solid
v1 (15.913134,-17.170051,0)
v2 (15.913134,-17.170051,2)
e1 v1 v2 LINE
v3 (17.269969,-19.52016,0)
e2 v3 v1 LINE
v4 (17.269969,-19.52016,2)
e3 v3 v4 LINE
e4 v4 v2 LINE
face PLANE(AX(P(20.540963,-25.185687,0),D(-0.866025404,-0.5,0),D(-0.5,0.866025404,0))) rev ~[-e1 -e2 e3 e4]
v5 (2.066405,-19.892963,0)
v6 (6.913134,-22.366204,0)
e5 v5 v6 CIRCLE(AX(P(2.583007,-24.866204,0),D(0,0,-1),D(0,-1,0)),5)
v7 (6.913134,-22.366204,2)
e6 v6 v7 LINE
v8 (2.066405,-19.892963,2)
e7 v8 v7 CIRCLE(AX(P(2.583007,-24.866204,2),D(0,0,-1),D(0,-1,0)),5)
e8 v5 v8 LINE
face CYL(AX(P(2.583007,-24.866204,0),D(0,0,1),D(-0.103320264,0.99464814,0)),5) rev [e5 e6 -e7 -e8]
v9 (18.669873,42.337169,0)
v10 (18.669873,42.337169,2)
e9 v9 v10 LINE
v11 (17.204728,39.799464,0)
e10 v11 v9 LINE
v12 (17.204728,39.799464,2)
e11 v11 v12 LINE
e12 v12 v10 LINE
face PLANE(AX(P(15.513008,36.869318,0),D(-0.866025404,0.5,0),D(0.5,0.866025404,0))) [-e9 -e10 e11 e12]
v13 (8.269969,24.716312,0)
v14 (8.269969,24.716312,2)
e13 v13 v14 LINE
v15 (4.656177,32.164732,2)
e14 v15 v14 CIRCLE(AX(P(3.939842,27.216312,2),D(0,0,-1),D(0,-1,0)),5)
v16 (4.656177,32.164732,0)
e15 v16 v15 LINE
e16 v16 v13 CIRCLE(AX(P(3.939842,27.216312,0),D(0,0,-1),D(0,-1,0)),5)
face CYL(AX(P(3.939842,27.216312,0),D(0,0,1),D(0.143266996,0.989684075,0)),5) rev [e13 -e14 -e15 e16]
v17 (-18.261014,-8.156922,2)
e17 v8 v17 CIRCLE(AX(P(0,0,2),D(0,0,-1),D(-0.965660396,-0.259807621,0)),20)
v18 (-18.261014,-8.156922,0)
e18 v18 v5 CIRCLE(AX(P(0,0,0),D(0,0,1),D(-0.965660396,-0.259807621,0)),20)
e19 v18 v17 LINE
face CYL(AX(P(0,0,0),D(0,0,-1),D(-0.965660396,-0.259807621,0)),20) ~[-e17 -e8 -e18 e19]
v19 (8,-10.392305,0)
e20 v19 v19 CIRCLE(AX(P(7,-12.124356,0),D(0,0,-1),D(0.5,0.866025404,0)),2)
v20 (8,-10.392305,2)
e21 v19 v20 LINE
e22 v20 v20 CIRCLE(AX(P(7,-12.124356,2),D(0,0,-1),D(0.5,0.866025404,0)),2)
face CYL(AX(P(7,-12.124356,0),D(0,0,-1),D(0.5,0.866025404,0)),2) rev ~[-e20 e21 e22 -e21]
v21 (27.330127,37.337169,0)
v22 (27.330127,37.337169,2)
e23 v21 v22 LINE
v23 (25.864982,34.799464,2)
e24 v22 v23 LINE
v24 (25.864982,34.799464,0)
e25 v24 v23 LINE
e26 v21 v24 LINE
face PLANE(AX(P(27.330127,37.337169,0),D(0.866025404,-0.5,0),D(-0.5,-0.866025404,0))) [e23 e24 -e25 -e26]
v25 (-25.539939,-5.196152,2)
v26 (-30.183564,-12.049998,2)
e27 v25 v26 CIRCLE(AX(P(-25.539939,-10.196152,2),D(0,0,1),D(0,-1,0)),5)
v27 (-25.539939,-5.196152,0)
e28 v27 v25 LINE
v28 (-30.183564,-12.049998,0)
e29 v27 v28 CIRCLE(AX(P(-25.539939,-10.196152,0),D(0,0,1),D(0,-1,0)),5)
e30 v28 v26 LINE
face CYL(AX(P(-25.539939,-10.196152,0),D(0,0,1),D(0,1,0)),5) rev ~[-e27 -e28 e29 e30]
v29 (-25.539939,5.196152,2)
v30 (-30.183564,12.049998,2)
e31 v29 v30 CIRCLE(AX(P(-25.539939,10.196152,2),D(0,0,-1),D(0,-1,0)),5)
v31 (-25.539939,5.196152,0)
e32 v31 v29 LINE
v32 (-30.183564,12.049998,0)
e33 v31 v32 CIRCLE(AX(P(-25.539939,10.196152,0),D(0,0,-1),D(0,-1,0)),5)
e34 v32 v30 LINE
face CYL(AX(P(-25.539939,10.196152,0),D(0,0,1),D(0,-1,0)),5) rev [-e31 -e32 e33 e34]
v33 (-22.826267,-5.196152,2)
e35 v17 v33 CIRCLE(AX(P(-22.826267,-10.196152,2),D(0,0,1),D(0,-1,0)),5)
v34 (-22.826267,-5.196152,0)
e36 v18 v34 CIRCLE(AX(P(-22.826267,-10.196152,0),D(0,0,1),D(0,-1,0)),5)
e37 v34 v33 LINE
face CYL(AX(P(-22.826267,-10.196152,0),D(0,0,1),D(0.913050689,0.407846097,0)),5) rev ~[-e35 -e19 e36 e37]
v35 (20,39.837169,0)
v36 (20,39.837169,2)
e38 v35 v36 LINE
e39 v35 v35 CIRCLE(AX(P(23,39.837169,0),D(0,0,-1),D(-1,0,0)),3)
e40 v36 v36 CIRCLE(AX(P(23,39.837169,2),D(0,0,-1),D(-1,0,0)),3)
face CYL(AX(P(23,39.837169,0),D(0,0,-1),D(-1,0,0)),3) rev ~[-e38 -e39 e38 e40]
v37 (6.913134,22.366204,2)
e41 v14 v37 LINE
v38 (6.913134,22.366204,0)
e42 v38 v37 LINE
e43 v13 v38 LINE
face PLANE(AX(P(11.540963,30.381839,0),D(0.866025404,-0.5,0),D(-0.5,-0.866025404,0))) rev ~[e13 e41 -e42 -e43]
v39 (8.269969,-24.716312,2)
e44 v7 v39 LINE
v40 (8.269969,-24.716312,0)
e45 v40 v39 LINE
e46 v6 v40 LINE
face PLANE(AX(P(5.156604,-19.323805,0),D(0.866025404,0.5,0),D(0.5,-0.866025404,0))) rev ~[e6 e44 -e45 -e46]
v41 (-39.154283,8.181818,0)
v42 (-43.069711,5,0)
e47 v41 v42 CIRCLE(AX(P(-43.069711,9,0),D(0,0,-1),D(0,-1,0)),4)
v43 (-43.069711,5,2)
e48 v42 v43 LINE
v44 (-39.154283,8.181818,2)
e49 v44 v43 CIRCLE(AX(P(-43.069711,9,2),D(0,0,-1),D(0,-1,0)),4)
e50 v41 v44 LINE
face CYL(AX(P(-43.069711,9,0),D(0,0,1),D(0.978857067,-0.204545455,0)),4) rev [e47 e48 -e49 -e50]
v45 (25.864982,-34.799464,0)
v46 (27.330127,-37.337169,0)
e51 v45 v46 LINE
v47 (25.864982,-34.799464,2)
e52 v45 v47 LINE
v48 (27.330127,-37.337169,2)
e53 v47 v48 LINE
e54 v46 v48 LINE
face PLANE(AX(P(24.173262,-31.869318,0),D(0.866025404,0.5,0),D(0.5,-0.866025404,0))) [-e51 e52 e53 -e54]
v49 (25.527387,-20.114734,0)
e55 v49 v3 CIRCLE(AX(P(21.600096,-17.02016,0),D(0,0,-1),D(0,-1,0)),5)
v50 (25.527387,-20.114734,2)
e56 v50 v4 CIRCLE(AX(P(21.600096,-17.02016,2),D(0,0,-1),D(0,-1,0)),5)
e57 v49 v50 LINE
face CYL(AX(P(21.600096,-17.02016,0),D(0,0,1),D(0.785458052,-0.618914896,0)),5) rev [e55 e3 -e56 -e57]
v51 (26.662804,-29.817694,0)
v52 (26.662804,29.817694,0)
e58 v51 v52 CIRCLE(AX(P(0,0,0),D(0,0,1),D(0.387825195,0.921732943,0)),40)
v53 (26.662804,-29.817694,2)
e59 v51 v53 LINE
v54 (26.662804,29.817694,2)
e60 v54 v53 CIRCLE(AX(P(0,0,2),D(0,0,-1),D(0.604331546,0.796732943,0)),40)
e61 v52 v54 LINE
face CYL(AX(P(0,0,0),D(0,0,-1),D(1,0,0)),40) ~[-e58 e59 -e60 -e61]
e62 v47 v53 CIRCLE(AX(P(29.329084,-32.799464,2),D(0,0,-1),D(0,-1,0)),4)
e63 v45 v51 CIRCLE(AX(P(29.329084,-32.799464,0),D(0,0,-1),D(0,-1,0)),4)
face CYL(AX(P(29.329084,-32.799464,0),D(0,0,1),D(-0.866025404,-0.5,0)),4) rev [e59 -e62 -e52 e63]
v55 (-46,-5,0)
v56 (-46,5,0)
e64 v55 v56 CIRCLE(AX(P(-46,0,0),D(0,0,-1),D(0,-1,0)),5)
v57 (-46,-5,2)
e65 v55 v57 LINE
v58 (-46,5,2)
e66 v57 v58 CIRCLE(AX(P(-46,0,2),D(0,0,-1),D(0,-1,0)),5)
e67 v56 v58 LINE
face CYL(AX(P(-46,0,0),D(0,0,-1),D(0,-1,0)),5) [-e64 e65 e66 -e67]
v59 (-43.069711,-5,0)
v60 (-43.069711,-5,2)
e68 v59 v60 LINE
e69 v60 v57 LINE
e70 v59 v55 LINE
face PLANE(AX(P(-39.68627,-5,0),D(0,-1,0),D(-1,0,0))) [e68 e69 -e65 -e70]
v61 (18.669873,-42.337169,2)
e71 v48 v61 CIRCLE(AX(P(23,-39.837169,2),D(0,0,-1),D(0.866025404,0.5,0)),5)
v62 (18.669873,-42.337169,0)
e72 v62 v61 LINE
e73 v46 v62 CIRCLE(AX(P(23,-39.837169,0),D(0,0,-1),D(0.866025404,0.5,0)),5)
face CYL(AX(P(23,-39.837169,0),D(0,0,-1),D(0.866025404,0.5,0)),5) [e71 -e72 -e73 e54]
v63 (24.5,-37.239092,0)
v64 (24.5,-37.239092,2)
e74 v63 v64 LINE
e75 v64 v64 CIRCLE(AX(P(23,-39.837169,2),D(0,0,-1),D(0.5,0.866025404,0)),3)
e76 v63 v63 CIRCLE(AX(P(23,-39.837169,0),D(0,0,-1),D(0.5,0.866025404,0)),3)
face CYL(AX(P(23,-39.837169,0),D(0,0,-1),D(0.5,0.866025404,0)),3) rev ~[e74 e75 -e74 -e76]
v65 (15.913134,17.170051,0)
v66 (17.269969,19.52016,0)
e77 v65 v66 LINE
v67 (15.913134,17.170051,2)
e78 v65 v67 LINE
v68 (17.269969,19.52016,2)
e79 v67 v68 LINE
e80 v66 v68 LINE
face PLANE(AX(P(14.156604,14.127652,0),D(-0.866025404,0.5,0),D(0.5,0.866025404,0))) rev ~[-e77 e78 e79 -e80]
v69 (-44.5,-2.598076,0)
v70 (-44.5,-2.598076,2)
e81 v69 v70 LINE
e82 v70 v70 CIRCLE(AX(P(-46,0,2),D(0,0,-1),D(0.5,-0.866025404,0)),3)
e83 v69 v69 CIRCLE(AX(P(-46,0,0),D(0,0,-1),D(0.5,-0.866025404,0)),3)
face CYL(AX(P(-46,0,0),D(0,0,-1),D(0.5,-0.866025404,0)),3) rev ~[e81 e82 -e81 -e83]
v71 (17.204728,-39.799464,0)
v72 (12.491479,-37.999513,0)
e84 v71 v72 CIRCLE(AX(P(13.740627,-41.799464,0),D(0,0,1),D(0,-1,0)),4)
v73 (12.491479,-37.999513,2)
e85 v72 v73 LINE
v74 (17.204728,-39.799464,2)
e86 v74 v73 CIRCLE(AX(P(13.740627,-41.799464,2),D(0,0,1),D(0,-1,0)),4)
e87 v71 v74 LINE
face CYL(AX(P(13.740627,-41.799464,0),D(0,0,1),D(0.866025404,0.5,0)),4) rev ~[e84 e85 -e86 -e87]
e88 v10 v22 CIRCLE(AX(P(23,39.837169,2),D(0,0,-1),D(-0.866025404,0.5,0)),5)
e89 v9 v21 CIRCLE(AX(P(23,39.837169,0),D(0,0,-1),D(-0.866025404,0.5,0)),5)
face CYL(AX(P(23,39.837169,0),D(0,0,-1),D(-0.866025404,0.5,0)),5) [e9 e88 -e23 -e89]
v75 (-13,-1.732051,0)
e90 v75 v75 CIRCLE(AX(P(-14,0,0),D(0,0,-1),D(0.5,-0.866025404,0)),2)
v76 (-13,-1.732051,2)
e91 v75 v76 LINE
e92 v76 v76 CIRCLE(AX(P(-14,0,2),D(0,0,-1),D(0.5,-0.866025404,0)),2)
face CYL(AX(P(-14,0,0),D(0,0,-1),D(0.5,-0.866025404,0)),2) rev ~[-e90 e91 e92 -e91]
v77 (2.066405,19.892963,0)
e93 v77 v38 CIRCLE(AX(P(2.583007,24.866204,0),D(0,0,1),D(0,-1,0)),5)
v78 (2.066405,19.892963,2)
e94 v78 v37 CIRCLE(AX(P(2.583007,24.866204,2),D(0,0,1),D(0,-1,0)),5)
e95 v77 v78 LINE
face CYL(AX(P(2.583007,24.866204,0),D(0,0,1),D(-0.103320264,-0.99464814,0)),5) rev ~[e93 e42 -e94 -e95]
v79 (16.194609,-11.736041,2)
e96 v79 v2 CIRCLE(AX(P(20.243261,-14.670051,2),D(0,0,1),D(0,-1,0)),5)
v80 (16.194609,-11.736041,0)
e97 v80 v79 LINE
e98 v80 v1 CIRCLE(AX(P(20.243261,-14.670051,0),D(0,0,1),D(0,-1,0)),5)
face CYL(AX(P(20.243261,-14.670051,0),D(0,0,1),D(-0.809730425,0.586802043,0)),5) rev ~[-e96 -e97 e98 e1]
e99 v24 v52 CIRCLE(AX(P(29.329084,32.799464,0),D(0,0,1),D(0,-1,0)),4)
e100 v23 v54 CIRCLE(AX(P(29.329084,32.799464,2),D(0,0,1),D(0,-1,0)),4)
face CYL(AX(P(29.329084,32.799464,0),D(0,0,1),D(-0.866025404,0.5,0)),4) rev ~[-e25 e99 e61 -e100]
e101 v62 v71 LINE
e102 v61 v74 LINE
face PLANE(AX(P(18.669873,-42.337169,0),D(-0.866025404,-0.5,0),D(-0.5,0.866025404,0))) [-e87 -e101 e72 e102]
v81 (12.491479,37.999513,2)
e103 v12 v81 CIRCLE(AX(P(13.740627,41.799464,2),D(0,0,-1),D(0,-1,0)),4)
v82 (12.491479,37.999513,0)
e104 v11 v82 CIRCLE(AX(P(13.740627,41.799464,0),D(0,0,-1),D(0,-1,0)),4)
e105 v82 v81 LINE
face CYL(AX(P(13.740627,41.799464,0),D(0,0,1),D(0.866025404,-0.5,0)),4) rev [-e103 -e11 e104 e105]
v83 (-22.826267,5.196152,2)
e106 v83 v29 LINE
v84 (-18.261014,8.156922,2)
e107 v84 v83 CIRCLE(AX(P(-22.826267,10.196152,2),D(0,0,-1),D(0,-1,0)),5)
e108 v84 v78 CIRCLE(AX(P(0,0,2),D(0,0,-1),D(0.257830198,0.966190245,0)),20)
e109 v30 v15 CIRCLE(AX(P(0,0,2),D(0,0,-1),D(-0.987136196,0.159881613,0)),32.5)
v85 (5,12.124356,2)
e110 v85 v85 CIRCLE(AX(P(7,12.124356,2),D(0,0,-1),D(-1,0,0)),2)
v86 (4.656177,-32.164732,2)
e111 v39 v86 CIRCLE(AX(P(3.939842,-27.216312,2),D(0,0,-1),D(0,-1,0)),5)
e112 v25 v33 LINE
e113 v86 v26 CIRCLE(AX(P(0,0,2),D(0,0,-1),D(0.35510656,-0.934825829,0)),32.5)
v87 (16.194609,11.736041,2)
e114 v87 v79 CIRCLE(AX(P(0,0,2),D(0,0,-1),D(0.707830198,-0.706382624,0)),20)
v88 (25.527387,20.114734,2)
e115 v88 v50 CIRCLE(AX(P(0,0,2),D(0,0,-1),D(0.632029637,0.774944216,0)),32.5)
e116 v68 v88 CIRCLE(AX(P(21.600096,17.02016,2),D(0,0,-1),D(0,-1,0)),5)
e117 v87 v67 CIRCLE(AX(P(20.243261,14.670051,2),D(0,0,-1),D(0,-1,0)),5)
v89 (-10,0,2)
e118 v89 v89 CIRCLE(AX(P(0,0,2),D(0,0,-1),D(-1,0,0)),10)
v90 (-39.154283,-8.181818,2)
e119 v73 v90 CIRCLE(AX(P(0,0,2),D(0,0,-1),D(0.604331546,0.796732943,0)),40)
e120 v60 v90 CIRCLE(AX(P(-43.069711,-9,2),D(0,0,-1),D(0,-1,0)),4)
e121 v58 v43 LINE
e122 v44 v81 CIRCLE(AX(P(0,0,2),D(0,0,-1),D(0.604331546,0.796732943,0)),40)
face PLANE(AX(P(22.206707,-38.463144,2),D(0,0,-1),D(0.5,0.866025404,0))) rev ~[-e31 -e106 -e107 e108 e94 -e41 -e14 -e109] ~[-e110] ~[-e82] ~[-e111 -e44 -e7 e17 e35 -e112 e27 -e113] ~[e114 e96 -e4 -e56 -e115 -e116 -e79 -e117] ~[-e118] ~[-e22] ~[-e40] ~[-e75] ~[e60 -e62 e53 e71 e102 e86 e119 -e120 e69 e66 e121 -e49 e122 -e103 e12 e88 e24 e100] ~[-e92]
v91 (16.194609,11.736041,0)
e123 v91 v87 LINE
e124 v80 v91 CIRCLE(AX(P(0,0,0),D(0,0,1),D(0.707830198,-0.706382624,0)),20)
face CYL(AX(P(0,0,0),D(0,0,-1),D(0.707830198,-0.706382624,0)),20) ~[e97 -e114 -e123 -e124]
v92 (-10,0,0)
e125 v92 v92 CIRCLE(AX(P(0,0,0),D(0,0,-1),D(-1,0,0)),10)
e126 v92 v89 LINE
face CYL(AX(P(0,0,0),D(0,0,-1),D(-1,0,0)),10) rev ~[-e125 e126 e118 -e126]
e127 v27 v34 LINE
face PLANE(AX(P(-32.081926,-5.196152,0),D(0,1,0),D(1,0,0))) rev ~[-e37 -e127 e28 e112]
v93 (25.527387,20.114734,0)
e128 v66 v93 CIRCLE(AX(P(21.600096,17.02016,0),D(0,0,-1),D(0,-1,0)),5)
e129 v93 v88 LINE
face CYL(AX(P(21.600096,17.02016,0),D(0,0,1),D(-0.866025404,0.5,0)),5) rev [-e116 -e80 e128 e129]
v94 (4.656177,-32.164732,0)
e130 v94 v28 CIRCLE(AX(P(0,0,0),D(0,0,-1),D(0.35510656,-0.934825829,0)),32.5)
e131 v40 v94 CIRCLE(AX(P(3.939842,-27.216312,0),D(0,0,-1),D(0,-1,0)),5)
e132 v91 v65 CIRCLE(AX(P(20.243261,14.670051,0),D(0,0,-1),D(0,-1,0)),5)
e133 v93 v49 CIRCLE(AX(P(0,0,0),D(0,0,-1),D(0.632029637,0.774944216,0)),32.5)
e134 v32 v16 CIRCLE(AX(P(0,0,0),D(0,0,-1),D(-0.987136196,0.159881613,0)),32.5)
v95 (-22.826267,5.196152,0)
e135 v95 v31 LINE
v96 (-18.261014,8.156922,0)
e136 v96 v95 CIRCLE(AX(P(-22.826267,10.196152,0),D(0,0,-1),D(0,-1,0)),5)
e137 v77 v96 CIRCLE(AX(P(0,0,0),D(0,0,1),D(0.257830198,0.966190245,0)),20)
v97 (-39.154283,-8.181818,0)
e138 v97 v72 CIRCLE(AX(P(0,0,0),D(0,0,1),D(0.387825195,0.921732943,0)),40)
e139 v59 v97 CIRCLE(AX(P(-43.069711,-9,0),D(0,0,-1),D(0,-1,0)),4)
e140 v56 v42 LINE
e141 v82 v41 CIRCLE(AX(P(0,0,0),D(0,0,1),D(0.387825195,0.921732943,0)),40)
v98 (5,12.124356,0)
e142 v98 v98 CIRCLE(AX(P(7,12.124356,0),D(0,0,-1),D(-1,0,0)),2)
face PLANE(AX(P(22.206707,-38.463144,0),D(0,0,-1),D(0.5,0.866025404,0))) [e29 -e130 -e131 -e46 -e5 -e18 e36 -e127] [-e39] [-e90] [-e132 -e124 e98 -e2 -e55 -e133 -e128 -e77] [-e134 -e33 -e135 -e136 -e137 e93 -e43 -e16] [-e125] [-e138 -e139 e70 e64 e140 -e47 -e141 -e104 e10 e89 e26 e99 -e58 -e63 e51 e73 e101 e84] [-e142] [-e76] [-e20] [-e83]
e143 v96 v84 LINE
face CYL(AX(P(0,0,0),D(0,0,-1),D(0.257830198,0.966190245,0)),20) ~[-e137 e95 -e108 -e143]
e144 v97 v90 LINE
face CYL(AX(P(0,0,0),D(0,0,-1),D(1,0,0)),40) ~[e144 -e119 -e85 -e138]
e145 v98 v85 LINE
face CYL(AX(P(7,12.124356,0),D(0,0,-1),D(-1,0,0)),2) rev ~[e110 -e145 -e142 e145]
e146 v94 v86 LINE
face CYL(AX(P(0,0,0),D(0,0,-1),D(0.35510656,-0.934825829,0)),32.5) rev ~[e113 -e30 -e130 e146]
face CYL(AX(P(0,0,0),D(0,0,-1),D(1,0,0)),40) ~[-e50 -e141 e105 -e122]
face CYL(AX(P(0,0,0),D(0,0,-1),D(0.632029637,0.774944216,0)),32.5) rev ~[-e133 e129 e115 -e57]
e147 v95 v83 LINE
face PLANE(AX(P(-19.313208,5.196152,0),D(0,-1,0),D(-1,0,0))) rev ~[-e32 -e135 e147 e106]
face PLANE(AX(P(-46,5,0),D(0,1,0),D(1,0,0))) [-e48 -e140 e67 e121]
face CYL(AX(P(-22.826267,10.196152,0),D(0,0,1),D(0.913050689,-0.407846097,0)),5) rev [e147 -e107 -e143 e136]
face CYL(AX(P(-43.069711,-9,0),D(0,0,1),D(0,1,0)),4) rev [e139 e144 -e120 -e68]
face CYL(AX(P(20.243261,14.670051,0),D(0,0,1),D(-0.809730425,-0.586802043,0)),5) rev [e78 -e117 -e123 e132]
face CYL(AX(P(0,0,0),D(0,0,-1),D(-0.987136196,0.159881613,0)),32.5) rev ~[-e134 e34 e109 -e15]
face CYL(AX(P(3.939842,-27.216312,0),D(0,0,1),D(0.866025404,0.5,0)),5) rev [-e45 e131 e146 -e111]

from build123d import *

# Parameters (mm, degrees)
SKETCH1_R                = 40
BOSS_EXTRUDE1_DEPTH      = 2
SKETCH4_R                = 3
BOSS_EXTRUDE3_DEPTH      = 2
FILLET2_R                = 4
CIRPATTERN2_COUNT        = 3
FILLET2_OF_CIRPATTERN2_R = 4
SKETCH5_R                = 10
CUT_EXTRUDE1_DEPTH       = 8
SKETCH6_R                = 2
CUT_EXTRUDE2_DEPTH       = 8
CIRPATTERN3_COUNT        = 3
CUT_EXTRUDE3_DEPTH       = 15
FILLET3_R                = 5
CIRPATTERN4_COUNT        = 3
FILLET3_OF_CIRPATTERN4_R = 5


with BuildPart() as part:
    # Sketch1 → Boss-Extrude1 (new body)
    with BuildSketch(Plane.XY):
        Circle(SKETCH1_R)
    extrude(amount=BOSS_EXTRUDE1_DEPTH)

    # Sketch4 → Boss-Extrude3 (add)
    with BuildSketch(Plane(origin=(0, 0, 0), x_dir=(-1, 0, 0), z_dir=(0, 0, -1))):
        with BuildLine():
            Line((-15.513007814, 36.869317712), (-18.669872981, 42.337168574))
            ThreePointArc((-18.669872981, 42.337168574), (-25.5, 44.167295593), (-27.330127019, 37.337168574))
            Line((-27.330127019, 37.337168574), (-24.173261852, 31.869317712))
            ThreePointArc((-24.173261852, 31.869317712), (-20, 34.641016151), (-15.513007814, 36.869317712))
        make_face()
        with Locations((-23, 39.837168574)):
            Circle(SKETCH4_R, mode=Mode.SUBTRACT)
    boss_extrude3 = extrude(amount=-BOSS_EXTRUDE3_DEPTH)

    # Fillet2
    fillet2_edges = [part.edges().sort_by_distance(p)[0] for p in [
        (24.173261852, 31.869317712, 1),
        (15.513007814, 36.869317712, 1),
    ]]
    fillet(fillet2_edges, radius=FILLET2_R)

    # CirPattern2: Boss-Extrude3 ×3 about axis
    cirpattern2_axis = Axis((0, 0, 2), (0, 0, -1))
    for i in range(1, CIRPATTERN2_COUNT):
        add(boss_extrude3.rotate(cirpattern2_axis, i * 360 / CIRPATTERN2_COUNT))

    # Fillet2 of CirPattern2
    fillet2_of_cirpattern2_edges = [part.edges().sort_by_distance(p)[0] for p in [
        (15.513007814, -36.869317712, 1),
        (24.173261852, -31.869317712, 1),
        (-39.686269666, 5, 1),
        (-39.686269666, -5, 1),
    ]]
    fillet(fillet2_of_cirpattern2_edges, radius=FILLET2_OF_CIRPATTERN2_R)

    # Sketch5 → Cut-Extrude1 (cut)
    with BuildSketch(Plane(origin=(0, 0, 0), x_dir=(-1, 0, 0), z_dir=(0, 0, -1))):
        Circle(SKETCH5_R)
    extrude(amount=-CUT_EXTRUDE1_DEPTH, mode=Mode.SUBTRACT)

    # Sketch6 → Cut-Extrude2 (cut)
    with BuildSketch(Plane(origin=(0, 0, 0), x_dir=(-1, 0, 0), z_dir=(0, 0, -1))):
        with Locations((-7, 12.124355653)):
            Circle(SKETCH6_R)
    cut_extrude2 = extrude(amount=-CUT_EXTRUDE2_DEPTH, mode=Mode.SUBTRACT)

    # CirPattern3: Cut-Extrude2 ×3 about axis
    cirpattern3_axis = Axis((0, 0, 2), (0, 0, -1))
    for i in range(1, CIRPATTERN3_COUNT):
        add(cut_extrude2.rotate(cirpattern3_axis, i * 360 / CIRPATTERN3_COUNT), mode=Mode.SUBTRACT)

    # Sketch7 → Cut-Extrude3 (cut)
    with BuildSketch(Plane(origin=(0, 0, 0), x_dir=(-1, 0, 0), z_dir=(0, 0, -1))):
        with BuildLine():
            ThreePointArc((-5.156603958, 19.323804895), (10, 17.320508076), (19.313207916, 5.196152423))
            Line((19.313207916, 5.196152423), (32.081926376, 5.196152423))
            ThreePointArc((32.081926376, 5.196152423), (16.25, 28.145825623), (-11.540963188, 30.381839455))
            Line((-11.540963188, 30.381839455), (-5.156603958, 19.323804895))
        make_face()
    cut_extrude3 = extrude(amount=-CUT_EXTRUDE3_DEPTH, mode=Mode.SUBTRACT)

    # Fillet3
    fillet3_edges = [part.edges().sort_by_distance(p)[0] for p in [
        (-32.081926376, 5.196152423, 1),
        (-19.313207916, 5.196152423, 1),
        (5.156603958, 19.323804895, 1),
        (11.540963188, 30.381839455, 1),
    ]]
    fillet(fillet3_edges, radius=FILLET3_R)

    # CirPattern4: Cut-Extrude3 ×3 about axis
    cirpattern4_axis = Axis((0, 0, 2), (0, 0, -1))
    for i in range(1, CIRPATTERN4_COUNT):
        add(cut_extrude3.rotate(cirpattern4_axis, i * 360 / CIRPATTERN4_COUNT), mode=Mode.SUBTRACT)

    # Fillet3 of CirPattern4
    fillet3_of_cirpattern4_edges = [part.edges().sort_by_distance(p)[0] for p in [
        (20.540963188, 25.185687033, 1),
        (14.156603958, 14.127652472, 1),
        (14.156603958, -14.127652472, 1),
        (20.540963188, -25.185687033, 1),
        (11.540963188, -30.381839455, 1),
        (5.156603958, -19.323804895, 1),
        (-19.313207916, -5.196152423, 1),
        (-32.081926376, -5.196152423, 1),
    ]]
    fillet(fillet3_of_cirpattern4_edges, radius=FILLET3_OF_CIRPATTERN4_R)


solid = part.part
